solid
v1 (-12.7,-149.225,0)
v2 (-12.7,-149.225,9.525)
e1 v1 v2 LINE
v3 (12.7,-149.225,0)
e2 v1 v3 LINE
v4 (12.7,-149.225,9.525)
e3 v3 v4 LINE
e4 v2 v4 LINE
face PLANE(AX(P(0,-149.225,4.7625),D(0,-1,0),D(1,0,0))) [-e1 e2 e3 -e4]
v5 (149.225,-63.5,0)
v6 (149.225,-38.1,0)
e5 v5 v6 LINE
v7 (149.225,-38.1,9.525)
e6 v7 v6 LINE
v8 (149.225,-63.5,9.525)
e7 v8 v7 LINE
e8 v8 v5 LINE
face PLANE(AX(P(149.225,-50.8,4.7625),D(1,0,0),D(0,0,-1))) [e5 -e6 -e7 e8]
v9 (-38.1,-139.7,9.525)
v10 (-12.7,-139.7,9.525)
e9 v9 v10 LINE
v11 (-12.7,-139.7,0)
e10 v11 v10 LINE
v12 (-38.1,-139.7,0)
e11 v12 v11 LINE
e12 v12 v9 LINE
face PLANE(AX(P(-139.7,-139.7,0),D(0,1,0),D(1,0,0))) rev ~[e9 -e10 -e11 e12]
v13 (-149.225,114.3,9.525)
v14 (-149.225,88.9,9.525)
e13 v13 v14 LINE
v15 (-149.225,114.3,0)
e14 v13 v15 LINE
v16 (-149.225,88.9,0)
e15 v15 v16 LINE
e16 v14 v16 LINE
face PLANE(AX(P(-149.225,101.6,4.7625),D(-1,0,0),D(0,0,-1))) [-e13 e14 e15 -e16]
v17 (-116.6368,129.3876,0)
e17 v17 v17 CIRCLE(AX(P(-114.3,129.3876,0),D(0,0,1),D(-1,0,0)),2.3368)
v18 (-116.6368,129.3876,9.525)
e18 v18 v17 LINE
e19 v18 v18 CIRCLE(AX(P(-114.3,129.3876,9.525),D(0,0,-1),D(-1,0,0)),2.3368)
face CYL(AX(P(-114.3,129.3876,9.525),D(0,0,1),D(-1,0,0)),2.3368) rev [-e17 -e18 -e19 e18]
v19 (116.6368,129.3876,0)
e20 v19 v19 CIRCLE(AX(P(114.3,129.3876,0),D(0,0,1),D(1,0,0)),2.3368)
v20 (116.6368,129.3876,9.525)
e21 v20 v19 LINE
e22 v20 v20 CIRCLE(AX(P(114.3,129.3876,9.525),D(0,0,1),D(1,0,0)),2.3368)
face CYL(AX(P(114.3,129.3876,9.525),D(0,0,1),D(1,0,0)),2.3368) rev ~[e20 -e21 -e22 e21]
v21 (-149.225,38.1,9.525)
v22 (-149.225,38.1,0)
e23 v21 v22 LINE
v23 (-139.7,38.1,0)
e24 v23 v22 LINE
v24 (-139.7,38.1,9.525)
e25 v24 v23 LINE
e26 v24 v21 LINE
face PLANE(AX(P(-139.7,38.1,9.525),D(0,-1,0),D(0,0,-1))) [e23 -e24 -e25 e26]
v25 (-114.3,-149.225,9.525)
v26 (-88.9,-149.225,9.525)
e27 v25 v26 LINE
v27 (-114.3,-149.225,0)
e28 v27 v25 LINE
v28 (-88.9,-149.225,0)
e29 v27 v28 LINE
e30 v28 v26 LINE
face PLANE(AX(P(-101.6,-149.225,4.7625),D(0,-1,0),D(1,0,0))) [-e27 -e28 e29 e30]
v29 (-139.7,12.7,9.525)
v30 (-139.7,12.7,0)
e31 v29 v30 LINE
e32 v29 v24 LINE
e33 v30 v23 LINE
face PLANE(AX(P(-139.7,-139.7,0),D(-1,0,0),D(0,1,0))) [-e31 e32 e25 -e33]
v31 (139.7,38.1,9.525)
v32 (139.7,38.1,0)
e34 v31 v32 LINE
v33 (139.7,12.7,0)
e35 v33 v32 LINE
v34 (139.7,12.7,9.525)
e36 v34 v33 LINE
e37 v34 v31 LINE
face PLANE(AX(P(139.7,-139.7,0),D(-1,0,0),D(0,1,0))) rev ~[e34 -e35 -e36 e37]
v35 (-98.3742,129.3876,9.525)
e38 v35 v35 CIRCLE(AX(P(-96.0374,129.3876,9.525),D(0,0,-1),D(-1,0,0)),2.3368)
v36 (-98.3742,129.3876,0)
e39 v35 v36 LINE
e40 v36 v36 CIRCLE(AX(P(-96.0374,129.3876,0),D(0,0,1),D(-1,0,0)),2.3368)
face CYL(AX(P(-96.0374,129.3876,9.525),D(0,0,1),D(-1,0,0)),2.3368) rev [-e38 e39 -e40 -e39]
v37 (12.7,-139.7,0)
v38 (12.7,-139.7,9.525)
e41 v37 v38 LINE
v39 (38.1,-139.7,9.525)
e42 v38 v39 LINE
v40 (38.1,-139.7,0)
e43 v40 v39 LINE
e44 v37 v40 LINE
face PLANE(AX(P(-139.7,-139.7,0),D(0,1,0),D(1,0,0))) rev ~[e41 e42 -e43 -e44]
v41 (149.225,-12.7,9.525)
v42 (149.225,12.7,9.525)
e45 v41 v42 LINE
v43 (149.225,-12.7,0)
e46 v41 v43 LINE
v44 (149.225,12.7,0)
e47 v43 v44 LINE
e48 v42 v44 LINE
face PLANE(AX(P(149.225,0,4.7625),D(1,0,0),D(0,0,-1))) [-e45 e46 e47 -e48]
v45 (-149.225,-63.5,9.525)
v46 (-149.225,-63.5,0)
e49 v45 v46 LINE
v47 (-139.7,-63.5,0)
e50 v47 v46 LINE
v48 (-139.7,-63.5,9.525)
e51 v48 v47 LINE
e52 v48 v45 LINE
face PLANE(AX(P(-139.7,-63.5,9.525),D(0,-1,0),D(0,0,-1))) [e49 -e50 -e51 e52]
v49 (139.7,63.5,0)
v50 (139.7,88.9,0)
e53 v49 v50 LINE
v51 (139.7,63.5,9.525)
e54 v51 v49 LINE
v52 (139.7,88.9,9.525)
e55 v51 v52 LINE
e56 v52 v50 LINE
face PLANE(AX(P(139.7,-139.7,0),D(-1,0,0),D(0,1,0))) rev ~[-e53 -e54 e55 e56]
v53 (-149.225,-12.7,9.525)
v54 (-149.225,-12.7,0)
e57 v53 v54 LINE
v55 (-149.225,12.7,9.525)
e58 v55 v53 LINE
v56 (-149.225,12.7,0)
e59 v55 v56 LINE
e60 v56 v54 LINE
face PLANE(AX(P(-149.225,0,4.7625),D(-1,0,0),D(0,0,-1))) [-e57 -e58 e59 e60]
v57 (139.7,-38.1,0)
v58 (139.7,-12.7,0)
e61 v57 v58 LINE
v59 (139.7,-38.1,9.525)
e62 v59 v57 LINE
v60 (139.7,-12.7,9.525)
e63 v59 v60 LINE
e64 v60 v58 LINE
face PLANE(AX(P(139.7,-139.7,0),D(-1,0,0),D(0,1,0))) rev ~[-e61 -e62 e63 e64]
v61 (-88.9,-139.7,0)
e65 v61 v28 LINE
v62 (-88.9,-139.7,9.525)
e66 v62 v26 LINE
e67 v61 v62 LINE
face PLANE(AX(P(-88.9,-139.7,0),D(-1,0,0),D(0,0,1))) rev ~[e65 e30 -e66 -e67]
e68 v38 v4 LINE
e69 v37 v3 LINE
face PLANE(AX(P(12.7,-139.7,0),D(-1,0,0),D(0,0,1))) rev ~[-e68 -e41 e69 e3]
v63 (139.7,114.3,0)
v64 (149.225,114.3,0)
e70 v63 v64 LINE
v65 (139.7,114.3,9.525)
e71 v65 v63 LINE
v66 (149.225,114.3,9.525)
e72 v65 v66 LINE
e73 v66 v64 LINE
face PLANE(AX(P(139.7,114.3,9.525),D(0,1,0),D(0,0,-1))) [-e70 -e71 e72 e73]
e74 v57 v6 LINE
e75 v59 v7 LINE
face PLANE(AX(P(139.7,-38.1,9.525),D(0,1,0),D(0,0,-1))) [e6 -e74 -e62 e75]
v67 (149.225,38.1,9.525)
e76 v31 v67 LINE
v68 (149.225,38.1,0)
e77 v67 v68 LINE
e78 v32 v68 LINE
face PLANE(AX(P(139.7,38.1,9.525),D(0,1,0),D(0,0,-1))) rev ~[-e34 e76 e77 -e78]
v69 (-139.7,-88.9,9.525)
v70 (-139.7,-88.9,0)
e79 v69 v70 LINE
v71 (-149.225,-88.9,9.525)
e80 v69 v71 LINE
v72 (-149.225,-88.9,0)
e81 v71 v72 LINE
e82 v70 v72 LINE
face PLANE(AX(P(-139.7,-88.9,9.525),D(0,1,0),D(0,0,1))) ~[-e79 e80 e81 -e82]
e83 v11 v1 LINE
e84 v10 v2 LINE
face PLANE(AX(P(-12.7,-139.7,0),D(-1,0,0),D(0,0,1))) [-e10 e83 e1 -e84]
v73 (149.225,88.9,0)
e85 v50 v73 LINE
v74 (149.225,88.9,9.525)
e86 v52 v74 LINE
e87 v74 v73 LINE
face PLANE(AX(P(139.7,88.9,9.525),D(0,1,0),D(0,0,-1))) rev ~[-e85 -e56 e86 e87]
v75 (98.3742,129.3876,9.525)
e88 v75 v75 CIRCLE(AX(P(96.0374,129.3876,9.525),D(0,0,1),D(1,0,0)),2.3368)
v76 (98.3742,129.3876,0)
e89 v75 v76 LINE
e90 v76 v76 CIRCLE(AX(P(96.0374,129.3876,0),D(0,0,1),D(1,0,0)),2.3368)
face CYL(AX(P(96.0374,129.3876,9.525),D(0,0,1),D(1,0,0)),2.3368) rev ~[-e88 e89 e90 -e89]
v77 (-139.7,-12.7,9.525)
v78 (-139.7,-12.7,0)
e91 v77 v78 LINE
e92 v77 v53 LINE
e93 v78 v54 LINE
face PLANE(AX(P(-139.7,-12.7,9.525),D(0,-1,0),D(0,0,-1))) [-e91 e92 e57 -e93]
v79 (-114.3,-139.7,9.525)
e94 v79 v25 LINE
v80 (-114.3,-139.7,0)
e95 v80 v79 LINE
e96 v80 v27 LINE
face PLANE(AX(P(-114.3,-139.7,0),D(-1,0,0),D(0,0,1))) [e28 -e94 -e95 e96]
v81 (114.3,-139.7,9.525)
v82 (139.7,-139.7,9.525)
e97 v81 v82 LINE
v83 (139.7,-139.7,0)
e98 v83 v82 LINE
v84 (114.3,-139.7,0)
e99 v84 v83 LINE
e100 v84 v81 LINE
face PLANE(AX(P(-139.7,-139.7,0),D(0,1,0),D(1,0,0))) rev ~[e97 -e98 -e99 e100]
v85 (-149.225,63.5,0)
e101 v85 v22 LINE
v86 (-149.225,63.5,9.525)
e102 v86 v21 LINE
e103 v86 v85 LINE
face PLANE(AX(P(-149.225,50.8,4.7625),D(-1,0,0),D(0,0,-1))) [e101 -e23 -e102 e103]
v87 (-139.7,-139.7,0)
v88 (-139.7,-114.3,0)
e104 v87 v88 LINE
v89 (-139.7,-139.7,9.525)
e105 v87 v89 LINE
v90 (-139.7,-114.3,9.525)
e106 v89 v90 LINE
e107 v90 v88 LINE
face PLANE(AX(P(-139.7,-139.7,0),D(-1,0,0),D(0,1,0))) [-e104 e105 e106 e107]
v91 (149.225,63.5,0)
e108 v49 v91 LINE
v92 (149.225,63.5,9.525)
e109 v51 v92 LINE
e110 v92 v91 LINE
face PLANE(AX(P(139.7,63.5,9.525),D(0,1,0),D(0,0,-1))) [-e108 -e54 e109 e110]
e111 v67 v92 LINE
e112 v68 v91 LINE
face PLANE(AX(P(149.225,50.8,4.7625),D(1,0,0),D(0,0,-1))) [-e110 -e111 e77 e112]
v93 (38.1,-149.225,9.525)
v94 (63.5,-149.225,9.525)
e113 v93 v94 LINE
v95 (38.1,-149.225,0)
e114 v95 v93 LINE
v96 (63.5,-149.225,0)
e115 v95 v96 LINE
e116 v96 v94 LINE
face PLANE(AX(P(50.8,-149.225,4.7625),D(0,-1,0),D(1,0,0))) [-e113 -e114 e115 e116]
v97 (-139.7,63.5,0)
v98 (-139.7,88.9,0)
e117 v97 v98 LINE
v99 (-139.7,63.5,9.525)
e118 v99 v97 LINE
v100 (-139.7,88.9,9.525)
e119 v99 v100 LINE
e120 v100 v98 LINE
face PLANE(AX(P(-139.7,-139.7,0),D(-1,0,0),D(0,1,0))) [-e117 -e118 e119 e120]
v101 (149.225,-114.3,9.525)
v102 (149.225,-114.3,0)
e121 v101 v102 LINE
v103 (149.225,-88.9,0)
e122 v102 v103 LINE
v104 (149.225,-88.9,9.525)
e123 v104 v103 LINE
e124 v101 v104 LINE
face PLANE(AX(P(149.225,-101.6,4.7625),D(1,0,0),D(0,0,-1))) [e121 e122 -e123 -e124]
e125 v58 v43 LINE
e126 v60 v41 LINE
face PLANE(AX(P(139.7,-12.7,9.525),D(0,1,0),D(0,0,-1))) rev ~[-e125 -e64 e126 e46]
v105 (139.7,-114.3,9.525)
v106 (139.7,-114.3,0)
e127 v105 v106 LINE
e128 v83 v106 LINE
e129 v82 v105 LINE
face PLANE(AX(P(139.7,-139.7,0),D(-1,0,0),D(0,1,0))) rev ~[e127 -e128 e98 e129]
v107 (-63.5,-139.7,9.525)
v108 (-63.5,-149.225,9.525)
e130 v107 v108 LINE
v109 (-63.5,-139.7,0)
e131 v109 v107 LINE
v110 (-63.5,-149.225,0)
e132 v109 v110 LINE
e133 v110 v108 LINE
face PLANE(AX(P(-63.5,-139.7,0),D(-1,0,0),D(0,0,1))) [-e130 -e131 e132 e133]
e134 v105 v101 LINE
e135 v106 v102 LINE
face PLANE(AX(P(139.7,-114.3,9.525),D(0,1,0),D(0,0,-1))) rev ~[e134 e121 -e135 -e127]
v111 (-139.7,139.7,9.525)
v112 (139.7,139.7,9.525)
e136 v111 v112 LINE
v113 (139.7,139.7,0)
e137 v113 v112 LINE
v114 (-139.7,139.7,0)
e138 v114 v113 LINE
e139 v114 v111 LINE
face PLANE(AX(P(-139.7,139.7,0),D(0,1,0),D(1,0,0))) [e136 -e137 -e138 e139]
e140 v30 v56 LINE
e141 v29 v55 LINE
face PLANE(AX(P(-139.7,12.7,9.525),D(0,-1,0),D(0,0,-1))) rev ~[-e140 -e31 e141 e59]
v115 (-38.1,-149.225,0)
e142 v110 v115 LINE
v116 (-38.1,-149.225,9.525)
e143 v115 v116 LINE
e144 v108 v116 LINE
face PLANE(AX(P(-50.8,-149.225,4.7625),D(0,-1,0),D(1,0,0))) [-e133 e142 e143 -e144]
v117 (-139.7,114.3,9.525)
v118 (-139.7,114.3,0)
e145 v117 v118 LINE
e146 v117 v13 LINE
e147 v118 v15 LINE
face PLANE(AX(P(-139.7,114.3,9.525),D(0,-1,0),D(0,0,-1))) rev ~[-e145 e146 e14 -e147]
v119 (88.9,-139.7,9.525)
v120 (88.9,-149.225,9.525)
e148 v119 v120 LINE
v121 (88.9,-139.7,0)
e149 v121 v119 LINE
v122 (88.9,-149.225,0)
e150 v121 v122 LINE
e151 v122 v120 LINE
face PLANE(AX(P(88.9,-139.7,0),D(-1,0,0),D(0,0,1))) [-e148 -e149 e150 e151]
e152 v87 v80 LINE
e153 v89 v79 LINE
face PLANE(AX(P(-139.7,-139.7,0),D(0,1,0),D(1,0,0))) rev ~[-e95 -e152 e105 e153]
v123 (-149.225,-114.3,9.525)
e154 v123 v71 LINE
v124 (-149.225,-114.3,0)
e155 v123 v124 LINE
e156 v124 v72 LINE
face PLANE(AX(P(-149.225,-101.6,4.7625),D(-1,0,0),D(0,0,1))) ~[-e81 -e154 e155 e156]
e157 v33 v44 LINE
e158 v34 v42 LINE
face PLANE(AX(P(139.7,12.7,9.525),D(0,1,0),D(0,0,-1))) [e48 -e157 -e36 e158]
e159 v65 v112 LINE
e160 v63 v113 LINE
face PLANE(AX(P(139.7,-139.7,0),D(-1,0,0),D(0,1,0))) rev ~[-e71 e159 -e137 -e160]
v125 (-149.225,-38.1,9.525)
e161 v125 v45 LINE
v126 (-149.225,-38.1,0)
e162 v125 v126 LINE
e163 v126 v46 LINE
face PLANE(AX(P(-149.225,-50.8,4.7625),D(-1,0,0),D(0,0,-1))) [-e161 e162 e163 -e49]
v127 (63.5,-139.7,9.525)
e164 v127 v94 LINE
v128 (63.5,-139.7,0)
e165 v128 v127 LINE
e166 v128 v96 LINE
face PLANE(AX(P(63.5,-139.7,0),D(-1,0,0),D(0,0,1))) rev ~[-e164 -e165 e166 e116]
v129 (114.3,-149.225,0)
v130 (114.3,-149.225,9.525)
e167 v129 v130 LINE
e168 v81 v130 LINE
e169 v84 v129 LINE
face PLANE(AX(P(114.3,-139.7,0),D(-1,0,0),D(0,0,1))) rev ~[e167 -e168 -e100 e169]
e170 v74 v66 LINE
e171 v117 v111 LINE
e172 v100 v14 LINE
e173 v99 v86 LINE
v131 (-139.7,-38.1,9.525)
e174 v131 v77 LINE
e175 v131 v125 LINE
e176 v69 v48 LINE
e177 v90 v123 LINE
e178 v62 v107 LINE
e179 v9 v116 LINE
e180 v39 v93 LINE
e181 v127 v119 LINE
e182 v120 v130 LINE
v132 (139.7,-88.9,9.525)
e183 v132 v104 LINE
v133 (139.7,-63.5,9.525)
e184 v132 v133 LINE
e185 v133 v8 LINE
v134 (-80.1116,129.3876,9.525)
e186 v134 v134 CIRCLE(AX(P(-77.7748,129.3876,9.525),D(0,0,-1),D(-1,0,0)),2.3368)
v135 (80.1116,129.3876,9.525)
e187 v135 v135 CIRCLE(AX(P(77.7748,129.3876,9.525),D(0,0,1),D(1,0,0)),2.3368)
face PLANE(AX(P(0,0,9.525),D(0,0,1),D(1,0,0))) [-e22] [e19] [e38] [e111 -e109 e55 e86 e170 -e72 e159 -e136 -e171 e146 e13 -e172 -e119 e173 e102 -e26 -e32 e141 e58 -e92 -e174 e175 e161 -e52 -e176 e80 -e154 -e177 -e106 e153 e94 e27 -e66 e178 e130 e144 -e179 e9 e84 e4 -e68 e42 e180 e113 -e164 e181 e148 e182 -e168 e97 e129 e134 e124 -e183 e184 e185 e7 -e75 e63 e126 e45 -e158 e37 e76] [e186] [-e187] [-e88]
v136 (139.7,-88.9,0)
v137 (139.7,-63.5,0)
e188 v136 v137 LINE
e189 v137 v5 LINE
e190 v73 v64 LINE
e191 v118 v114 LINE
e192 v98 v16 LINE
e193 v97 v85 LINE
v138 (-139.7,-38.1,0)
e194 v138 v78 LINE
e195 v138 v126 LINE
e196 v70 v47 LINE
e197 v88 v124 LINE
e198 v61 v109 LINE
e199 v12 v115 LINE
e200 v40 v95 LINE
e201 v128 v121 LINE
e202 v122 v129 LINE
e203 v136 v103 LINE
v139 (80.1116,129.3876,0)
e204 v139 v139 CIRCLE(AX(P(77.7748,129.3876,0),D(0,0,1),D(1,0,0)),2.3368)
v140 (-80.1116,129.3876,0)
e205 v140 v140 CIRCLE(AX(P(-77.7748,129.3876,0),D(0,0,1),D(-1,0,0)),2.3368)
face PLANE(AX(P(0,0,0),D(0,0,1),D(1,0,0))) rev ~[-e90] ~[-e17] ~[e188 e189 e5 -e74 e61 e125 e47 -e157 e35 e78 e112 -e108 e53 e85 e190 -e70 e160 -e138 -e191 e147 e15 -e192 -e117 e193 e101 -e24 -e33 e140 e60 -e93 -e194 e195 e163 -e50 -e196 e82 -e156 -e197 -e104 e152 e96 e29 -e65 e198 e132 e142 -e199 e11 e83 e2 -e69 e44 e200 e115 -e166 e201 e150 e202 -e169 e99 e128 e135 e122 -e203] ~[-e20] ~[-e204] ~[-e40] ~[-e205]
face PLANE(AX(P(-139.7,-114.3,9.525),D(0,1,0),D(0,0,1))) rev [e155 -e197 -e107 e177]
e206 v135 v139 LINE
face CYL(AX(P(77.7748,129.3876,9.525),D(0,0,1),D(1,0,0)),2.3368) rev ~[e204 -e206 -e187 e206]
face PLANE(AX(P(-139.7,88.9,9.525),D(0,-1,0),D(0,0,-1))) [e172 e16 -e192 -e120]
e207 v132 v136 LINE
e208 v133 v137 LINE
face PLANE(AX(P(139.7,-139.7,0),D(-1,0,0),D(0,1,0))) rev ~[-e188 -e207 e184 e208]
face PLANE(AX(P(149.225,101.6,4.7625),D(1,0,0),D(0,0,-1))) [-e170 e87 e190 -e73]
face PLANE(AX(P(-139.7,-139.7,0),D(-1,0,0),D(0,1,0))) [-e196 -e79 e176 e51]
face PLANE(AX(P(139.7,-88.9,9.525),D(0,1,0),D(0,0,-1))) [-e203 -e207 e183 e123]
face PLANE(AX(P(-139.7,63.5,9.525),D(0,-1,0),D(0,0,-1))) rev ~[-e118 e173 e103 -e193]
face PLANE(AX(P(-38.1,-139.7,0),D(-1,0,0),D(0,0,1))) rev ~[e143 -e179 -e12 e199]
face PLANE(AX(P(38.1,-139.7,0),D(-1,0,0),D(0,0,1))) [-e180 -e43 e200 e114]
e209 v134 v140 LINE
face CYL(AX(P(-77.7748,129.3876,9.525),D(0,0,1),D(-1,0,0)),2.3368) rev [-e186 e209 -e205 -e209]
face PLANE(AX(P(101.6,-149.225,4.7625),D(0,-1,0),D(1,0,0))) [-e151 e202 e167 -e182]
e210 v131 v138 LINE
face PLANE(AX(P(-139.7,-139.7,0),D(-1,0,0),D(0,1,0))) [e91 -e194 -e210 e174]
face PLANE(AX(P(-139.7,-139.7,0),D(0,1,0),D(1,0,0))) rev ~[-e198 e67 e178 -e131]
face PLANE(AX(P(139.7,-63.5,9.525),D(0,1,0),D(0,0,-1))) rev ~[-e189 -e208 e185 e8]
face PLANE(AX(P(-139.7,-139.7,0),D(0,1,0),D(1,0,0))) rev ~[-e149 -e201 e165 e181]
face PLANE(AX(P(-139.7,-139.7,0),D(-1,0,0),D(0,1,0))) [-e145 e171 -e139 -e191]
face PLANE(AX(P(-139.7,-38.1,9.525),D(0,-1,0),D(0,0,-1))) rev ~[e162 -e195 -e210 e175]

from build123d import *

# Parameters (mm, degrees)
SKETCH2_W               = 279.4
SKETCH2_H               = 279.4
BOSS_EXTRUDE1_DEPTH     = 9.525
SKETCH4_W               = 9.525
SKETCH4_H               = 25.4
BOSS_EXTRUDE3_DEPTH     = 9.525
LPATTERN2_COUNT         = 5
LPATTERN2_PITCH         = 50.8
MIRROR2_COPY_1_SKETCH_W = 9.525
MIRROR2_COPY_1_SKETCH_H = 25.4
MIRROR2_COPY_1_DEPTH    = 9.525
MIRROR2_COPY_2_SKETCH_W = 9.525
MIRROR2_COPY_2_SKETCH_H = 25.4
MIRROR2_COPY_2_DEPTH    = 9.525
MIRROR2_COPY_3_SKETCH_W = 9.525
MIRROR2_COPY_3_SKETCH_H = 25.4
MIRROR2_COPY_3_DEPTH    = 9.525
MIRROR2_COPY_4_SKETCH_W = 9.525
MIRROR2_COPY_4_SKETCH_H = 25.4
MIRROR2_COPY_4_DEPTH    = 9.525
SKETCH5_W               = 25.4
SKETCH5_H               = 9.525
BOSS_EXTRUDE4_DEPTH     = 9.525
LPATTERN3_COUNT         = 5
LPATTERN3_PITCH         = 50.8
SKETCH6_R               = 2.3368
CUT_EXTRUDE1_DEPTH      = 10.525


with BuildPart() as part:
    # Sketch2 → Boss-Extrude1 (new body)
    with BuildSketch(Plane.XY):
        Rectangle(SKETCH2_W, SKETCH2_H)
    extrude(amount=BOSS_EXTRUDE1_DEPTH)

    # Sketch4 → Boss-Extrude3 (add)
    with BuildSketch(Plane(origin=(139.7, 0, 0), x_dir=(0, 0, -1), z_dir=(1, 0, 0))):
        with Locations((-4.7625, -101.6)):
            Rectangle(SKETCH4_W, SKETCH4_H)
    boss_extrude3 = extrude(amount=BOSS_EXTRUDE3_DEPTH)

    # LPattern2: Boss-Extrude3 ×5
    with Locations(*[(0, i * LPATTERN2_PITCH, 0) for i in range(1, LPATTERN2_COUNT)]):
        add(boss_extrude3)

    # Mirror2: Boss-Extrude3 across plane
    add(boss_extrude3.mirror(Plane(origin=(0, 0, 0), x_dir=(0, 0, 1), z_dir=(1, 0, 0))))

    # Mirror2 copy 1 sketch → Mirror2 copy 1 (add)
    with BuildSketch(Plane(origin=(-139.7, 50.8, 0), x_dir=(0, 0, -1), z_dir=(-1, 0, 0))):
        with Locations((-4.7625, 101.6)):
            Rectangle(MIRROR2_COPY_1_SKETCH_W, MIRROR2_COPY_1_SKETCH_H)
    extrude(amount=MIRROR2_COPY_1_DEPTH)

    # Mirror2 copy 2 sketch → Mirror2 copy 2 (add)
    with BuildSketch(Plane(origin=(-139.7, 101.6, 0), x_dir=(0, 0, -1), z_dir=(-1, 0, 0))):
        with Locations((-4.7625, 101.6)):
            Rectangle(MIRROR2_COPY_2_SKETCH_W, MIRROR2_COPY_2_SKETCH_H)
    extrude(amount=MIRROR2_COPY_2_DEPTH)

    # Mirror2 copy 3 sketch → Mirror2 copy 3 (add)
    with BuildSketch(Plane(origin=(-139.7, 152.4, 0), x_dir=(0, 0, -1), z_dir=(-1, 0, 0))):
        with Locations((-4.7625, 101.6)):
            Rectangle(MIRROR2_COPY_3_SKETCH_W, MIRROR2_COPY_3_SKETCH_H)
    extrude(amount=MIRROR2_COPY_3_DEPTH)

    # Mirror2 copy 4 sketch → Mirror2 copy 4 (add)
    with BuildSketch(Plane(origin=(-139.7, 203.2, 0), x_dir=(0, 0, -1), z_dir=(-1, 0, 0))):
        with Locations((-4.7625, 101.6)):
            Rectangle(MIRROR2_COPY_4_SKETCH_W, MIRROR2_COPY_4_SKETCH_H)
    extrude(amount=MIRROR2_COPY_4_DEPTH)

    # Sketch5 → Boss-Extrude4 (add)
    with BuildSketch(Plane.XZ.offset(139.7)):
        with Locations((-101.6, 4.7625)):
            Rectangle(SKETCH5_W, SKETCH5_H)
    boss_extrude4 = extrude(amount=BOSS_EXTRUDE4_DEPTH)

    # LPattern3: Boss-Extrude4 ×5
    with Locations(*[(i * LPATTERN3_PITCH, 0, 0) for i in range(1, LPATTERN3_COUNT)]):
        add(boss_extrude4)

    # Sketch6 → Cut-Extrude1 (cut, through all)
    with BuildSketch(Plane.XY.offset(9.525)):
        with Locations((114.3, 129.3876)):
            Circle(SKETCH6_R)
        with Locations((77.7748, 129.3876)):
            Circle(SKETCH6_R)
        with Locations((96.0374, 129.3876)):
            Circle(SKETCH6_R)
    cut_extrude1 = extrude(amount=-CUT_EXTRUDE1_DEPTH, mode=Mode.SUBTRACT)

    # Mirror3: Cut-Extrude1 across plane
    add(cut_extrude1.mirror(Plane(origin=(0, 0, 0), x_dir=(0, 0, 1), z_dir=(1, 0, 0))), mode=Mode.SUBTRACT)


solid = part.part
